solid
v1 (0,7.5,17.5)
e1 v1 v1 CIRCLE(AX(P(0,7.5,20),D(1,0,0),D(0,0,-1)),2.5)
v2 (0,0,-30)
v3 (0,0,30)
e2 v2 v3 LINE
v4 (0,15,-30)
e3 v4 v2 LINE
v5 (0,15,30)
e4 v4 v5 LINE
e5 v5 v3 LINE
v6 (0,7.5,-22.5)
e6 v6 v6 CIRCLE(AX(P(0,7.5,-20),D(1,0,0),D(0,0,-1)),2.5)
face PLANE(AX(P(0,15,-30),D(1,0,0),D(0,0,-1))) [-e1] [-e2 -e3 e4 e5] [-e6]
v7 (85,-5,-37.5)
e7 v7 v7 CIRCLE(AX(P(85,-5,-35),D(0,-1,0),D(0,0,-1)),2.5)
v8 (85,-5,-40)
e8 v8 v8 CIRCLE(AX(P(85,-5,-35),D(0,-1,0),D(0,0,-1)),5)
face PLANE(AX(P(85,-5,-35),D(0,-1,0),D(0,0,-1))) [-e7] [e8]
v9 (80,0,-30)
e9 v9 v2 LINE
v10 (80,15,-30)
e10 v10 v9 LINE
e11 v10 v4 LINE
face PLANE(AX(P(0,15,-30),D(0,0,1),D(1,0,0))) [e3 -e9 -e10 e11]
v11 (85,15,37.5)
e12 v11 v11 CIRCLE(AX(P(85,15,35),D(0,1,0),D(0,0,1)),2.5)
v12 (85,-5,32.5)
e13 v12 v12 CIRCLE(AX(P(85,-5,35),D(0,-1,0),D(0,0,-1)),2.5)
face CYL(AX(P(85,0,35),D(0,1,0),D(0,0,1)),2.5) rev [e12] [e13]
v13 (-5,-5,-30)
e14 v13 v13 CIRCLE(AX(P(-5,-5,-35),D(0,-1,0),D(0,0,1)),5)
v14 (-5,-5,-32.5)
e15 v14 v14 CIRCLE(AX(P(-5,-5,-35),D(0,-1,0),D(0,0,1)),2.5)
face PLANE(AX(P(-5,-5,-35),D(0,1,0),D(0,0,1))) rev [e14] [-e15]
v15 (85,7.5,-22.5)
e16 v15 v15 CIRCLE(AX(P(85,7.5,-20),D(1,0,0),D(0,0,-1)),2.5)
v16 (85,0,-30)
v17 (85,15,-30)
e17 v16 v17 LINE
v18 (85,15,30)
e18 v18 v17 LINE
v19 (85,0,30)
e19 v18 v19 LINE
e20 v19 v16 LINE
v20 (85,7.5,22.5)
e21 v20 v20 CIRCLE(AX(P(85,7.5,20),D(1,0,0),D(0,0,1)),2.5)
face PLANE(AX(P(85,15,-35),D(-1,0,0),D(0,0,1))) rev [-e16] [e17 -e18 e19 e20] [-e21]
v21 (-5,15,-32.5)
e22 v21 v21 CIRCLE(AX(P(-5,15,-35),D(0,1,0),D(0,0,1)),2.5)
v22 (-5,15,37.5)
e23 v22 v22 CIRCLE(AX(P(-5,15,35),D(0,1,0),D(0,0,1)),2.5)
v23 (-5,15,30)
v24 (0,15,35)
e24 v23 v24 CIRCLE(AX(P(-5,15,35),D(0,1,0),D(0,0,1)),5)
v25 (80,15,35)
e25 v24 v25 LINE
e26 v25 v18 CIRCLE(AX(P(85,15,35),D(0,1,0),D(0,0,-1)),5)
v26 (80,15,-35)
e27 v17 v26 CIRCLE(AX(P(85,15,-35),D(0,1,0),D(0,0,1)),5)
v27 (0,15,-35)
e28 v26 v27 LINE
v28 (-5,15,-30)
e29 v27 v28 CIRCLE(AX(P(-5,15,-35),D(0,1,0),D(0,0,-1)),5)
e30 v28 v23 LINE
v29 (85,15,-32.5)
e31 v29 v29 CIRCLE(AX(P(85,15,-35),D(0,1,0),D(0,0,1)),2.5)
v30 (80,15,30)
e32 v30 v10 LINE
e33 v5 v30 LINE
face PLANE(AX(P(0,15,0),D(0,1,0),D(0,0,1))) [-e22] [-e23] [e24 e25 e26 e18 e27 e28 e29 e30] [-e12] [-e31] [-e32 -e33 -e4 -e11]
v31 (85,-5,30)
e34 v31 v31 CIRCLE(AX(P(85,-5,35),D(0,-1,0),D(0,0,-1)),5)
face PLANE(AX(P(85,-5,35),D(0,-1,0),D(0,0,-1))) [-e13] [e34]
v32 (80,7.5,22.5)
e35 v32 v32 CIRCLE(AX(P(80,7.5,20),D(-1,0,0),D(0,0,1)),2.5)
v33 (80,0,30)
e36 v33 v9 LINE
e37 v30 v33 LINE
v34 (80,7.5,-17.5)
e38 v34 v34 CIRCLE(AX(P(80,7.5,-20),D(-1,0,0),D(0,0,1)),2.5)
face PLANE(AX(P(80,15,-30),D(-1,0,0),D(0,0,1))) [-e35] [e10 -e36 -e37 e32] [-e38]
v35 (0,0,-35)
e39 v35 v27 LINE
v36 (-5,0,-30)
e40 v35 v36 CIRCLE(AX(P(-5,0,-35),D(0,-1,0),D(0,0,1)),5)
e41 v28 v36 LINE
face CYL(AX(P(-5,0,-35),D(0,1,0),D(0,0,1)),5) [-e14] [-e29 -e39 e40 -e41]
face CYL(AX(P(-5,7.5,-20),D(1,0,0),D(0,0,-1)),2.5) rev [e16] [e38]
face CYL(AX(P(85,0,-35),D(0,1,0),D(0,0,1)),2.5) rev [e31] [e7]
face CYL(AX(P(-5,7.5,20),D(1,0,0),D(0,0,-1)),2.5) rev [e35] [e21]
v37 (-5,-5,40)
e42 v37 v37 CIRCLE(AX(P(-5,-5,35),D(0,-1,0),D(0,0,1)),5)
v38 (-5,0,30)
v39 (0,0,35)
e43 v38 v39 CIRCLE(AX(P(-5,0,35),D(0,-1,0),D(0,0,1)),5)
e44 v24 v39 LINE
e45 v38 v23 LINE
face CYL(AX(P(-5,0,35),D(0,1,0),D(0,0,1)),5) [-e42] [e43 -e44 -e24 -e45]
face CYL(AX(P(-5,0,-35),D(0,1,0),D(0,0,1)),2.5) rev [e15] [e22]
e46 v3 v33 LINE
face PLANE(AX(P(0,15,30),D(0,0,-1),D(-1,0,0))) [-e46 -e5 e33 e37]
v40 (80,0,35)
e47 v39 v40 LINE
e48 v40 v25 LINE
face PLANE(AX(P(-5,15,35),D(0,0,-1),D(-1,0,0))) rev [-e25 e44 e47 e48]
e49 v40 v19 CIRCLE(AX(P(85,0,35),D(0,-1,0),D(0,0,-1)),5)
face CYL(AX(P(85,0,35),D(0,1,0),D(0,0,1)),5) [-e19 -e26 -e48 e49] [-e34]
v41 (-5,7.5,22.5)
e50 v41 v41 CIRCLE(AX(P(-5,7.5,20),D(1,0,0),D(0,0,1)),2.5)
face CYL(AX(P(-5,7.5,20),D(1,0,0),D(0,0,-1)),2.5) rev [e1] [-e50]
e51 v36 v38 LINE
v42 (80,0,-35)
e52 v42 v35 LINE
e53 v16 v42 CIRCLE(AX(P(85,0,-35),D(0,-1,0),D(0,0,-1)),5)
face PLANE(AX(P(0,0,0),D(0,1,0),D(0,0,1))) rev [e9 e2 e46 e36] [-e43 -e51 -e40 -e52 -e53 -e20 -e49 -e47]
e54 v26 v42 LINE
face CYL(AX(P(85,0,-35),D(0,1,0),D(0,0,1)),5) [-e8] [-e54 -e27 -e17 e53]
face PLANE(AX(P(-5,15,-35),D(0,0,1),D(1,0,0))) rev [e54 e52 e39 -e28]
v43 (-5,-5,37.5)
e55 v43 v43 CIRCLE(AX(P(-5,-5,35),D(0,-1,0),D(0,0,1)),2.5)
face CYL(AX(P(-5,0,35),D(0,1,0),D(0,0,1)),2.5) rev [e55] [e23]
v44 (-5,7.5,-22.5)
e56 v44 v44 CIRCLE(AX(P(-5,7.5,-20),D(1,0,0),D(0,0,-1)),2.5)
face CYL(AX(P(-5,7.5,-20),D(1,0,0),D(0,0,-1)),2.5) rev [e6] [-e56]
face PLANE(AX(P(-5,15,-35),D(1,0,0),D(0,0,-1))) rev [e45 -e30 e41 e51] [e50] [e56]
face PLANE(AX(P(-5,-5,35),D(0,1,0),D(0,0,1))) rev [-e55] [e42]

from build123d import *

# Parameters (mm, degrees)
SKETCH_1_W          = 90
SKETCH_1_H          = 70
SKETCH_1_W_2        = 80
SKETCH_1_H_2        = 60
EXTRUDE_1_DEPTH     = 15
SKETCH_2_R          = 2.5
CUT_EXTRUDE_1_DEPTH = 98.724101428
SKETCH_3_R          = 5
EXTRUDE_3_DEPTH     = 15
SKETCH_5_R          = 2.5
CUT_EXTRUDE_2_DEPTH = 15
SKETCH_13_R         = 5
SKETCH_13_R_2       = 2.5
EXTRUDE_4_DEPTH     = 5


with BuildPart() as part:
    # 草图1 → 凸台-拉伸1 (new body)
    with BuildSketch(Plane(origin=(0, 0, 0), x_dir=(1, 0, 0), z_dir=(0, 1, 0))):
        with Locations((40, 0)):
            Rectangle(SKETCH_1_W, SKETCH_1_H)
        with Locations((40, 0)):
            Rectangle(SKETCH_1_W_2, SKETCH_1_H_2, mode=Mode.SUBTRACT)
    extrude(amount=EXTRUDE_1_DEPTH)

    # 草图2 → 切除-拉伸1 (cut, through all)
    with BuildSketch(Plane(origin=(85, 0, 0), x_dir=(0, 0, -1), z_dir=(1, 0, 0))):
        with Locations((20, 7.5)):
            Circle(SKETCH_2_R)
        with Locations(Location((-20, 7.5, 0), (0, 0, 180))):
            Circle(SKETCH_2_R)
    extrude(amount=-CUT_EXTRUDE_1_DEPTH, mode=Mode.SUBTRACT)

    # 草图3 → 凸台-拉伸3 (add)
    with BuildSketch(Plane(origin=(0, 15, 0), x_dir=(1, 0, 0), z_dir=(0, 1, 0))):
        with Locations((85, 35)):
            Circle(SKETCH_3_R)
        with Locations((85, -35)):
            Circle(SKETCH_3_R)
        with Locations((-5, -35)):
            Circle(SKETCH_3_R)
        with Locations((-5, 35)):
            Circle(SKETCH_3_R)
    extrude(amount=-EXTRUDE_3_DEPTH)

    # 草图5 → 切除-拉伸2 (cut)
    with BuildSketch(Plane(origin=(0, 15, 0), x_dir=(1, 0, 0), z_dir=(0, 1, 0))):
        with Locations(Location((-5, -35, 0), (0, 0, 270))):
            Circle(SKETCH_5_R)
        with Locations(Location((-5, 35, 0), (0, 0, 270))):
            Circle(SKETCH_5_R)
        with Locations(Location((85, 35, 0), (0, 0, 270))):
            Circle(SKETCH_5_R)
        with Locations(Location((85, -35, 0), (0, 0, 270))):
            Circle(SKETCH_5_R)
    extrude(amount=-CUT_EXTRUDE_2_DEPTH, mode=Mode.SUBTRACT)

    # 草图13 → 凸台-拉伸4 (add)
    # profile 1 of 4: a face of its own
    with BuildSketch(Plane.XZ):
        with Locations(Location((85, -35, 0), (0, 0, 90))):
            Circle(SKETCH_13_R)
        with Locations(Location((85, -35, 0), (0, 0, 90))):
            Circle(SKETCH_13_R_2, mode=Mode.SUBTRACT)
    # profile 2 of 4: a face of its own
    with BuildSketch(Plane.XZ):
        with Locations(Location((85, 35, 0), (0, 0, 270))):
            Circle(SKETCH_13_R)
        with Locations(Location((85, 35, 0), (0, 0, 90))):
            Circle(SKETCH_13_R_2, mode=Mode.SUBTRACT)
    # profile 3 of 4: a face of its own
    with BuildSketch(Plane.XZ):
        with Locations(Location((-5, 35, 0), (0, 0, 90))):
            Circle(SKETCH_13_R)
        with Locations(Location((-5, 35, 0), (0, 0, 90))):
            Circle(SKETCH_13_R_2, mode=Mode.SUBTRACT)
    # profile 4 of 4: a face of its own
    with BuildSketch(Plane.XZ):
        with Locations(Location((-5, -35, 0), (0, 0, 90))):
            Circle(SKETCH_13_R)
        with Locations(Location((-5, -35, 0), (0, 0, 90))):
            Circle(SKETCH_13_R_2, mode=Mode.SUBTRACT)
    extrude(amount=EXTRUDE_4_DEPTH)


solid = part.part
